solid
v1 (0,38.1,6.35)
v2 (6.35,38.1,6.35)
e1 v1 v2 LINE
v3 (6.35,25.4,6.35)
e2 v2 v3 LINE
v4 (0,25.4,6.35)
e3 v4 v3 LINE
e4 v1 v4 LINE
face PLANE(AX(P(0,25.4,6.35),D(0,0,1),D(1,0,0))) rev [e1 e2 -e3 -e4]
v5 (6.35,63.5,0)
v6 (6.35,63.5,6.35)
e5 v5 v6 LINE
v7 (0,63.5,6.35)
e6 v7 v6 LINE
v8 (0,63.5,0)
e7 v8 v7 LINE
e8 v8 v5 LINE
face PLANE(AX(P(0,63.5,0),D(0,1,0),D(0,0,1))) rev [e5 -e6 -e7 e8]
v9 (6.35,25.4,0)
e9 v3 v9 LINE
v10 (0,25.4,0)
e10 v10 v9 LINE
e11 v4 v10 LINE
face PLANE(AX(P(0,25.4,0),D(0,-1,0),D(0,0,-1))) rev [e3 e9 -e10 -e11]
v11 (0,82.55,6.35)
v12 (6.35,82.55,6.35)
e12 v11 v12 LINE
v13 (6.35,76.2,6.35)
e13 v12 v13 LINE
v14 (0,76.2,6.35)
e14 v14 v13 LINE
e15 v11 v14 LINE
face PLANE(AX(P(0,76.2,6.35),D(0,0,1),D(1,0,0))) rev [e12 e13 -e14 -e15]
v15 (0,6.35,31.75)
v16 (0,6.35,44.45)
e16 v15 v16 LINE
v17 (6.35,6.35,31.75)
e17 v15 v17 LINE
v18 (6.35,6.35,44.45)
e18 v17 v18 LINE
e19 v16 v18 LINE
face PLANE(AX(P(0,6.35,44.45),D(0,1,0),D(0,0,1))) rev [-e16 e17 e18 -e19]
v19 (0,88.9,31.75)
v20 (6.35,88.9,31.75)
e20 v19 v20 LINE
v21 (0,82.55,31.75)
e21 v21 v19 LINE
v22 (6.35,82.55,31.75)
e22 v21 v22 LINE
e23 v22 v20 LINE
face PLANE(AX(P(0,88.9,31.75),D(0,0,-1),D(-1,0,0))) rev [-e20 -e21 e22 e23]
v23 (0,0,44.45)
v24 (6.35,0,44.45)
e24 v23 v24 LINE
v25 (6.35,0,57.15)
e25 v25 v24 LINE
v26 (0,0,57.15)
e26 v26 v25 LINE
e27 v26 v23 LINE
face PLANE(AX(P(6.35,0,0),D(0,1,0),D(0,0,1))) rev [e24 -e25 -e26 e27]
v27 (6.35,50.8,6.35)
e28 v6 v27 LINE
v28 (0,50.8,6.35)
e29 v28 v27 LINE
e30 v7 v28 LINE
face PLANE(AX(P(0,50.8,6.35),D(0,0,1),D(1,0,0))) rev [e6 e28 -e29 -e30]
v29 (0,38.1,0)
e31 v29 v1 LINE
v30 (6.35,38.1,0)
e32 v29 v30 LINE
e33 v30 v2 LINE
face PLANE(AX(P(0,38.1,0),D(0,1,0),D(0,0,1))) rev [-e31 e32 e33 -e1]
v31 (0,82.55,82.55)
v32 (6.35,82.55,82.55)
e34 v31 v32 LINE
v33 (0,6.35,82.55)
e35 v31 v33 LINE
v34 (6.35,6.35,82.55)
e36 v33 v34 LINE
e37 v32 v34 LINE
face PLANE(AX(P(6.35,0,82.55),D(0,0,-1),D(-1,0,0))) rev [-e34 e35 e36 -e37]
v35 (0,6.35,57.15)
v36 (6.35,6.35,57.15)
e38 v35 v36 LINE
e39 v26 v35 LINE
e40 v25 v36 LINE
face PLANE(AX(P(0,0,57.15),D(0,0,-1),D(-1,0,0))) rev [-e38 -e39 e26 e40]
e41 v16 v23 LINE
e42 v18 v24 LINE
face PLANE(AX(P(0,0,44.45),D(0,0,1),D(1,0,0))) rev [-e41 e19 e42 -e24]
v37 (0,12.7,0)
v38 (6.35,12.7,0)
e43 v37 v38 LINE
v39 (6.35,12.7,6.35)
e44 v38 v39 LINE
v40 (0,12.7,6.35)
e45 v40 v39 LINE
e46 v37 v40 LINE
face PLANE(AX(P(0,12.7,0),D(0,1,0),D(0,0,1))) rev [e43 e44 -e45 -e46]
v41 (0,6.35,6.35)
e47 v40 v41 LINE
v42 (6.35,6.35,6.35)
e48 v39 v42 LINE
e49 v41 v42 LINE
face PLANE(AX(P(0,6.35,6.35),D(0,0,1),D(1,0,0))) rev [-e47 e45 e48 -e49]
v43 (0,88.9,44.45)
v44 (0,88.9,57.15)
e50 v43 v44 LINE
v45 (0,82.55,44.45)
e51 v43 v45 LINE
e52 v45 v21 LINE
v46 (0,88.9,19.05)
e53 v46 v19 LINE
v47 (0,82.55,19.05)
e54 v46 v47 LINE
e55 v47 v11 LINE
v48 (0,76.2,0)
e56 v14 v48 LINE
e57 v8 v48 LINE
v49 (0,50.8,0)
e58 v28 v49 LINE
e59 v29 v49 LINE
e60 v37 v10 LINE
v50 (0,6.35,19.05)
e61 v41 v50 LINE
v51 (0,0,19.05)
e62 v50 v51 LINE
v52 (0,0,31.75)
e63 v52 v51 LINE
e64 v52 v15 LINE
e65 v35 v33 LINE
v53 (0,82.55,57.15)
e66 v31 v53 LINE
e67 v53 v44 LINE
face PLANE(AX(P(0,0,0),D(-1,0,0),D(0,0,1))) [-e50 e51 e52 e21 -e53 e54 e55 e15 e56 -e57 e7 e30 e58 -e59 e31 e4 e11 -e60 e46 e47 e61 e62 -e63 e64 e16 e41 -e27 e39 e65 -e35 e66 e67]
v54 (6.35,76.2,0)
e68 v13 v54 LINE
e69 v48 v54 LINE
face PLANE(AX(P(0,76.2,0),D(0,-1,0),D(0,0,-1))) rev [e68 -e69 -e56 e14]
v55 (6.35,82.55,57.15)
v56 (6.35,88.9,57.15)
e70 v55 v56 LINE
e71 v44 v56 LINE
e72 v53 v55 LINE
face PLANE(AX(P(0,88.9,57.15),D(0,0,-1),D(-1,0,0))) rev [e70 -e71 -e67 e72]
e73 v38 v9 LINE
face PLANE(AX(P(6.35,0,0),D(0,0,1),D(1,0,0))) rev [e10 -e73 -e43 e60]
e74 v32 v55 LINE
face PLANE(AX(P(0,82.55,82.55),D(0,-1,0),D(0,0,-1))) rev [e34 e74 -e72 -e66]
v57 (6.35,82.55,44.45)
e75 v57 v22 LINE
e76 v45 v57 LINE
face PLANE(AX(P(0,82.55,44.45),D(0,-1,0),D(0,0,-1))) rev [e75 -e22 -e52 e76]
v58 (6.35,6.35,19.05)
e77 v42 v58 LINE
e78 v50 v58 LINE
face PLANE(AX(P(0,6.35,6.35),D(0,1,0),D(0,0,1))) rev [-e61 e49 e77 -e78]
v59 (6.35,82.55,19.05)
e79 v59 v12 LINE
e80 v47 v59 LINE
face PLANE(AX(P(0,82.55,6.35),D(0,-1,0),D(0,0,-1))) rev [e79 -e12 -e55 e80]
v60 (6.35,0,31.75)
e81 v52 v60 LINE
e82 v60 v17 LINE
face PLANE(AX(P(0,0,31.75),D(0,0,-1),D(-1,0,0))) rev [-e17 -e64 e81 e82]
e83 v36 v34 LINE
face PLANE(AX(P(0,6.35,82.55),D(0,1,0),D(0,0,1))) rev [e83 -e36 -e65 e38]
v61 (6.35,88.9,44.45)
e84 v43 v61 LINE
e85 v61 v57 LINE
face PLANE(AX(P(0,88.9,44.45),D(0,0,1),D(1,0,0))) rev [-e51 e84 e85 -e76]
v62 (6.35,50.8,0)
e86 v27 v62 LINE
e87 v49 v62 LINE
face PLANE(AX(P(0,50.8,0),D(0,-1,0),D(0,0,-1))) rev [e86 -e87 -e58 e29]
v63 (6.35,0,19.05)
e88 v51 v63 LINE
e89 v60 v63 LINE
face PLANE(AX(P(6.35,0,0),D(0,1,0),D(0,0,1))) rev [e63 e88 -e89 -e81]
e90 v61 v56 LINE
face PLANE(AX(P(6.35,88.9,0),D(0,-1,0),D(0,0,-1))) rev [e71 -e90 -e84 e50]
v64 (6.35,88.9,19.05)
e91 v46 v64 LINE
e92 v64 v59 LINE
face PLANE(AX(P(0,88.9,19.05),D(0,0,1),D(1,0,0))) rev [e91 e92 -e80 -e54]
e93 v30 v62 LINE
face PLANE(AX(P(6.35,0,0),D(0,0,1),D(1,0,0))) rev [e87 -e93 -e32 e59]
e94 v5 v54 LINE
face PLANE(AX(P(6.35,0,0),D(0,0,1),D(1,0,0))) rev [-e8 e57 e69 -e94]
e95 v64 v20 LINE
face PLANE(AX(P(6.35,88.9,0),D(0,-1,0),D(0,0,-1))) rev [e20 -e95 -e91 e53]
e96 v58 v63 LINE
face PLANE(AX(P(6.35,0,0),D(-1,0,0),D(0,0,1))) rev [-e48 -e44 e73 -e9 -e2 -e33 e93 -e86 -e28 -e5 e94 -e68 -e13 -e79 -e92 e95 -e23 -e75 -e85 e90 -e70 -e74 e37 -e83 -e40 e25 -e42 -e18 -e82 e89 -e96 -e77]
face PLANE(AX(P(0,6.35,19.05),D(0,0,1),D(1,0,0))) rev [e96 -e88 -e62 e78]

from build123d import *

# Parameters (mm, degrees)
SKETCH1_W           = 88.9
SKETCH1_H           = 82.55
BOSS_EXTRUDE1_DEPTH = 6.35
SKETCH2_W           = 12.7
SKETCH2_H           = 6.35
SKETCH2_W_2         = 6.35
SKETCH2_H_2         = 25.4
SKETCH2_H_3         = 12.7
CUT_EXTRUDE2_DEPTH  = 6.35


with BuildPart() as part:
    # Sketch1 → Boss-Extrude1 (new body)
    with BuildSketch(Plane.YZ):
        with Locations((44.45, 41.275)):
            Rectangle(SKETCH1_W, SKETCH1_H)
    extrude(amount=BOSS_EXTRUDE1_DEPTH)

    # Sketch2 → Cut-Extrude2 (cut)
    with BuildSketch(Plane.YZ.offset(6.35)):
        with Locations((57.15, 3.175)):
            Rectangle(SKETCH2_W, SKETCH2_H)
        with Locations((31.75, 3.175)):
            Rectangle(SKETCH2_W, SKETCH2_H)
        Polygon((0, 0), (12.7, 0), (12.7, 6.35), (6.35, 6.35), (6.35, 19.05), (0, 19.05), (0, 6.35), align=None)
        Polygon((76.2, 0), (88.9, 0), (88.9, 6.35), (88.9, 19.05), (82.55, 19.05), (82.55, 6.35), (76.2, 6.35), align=None)
        with Locations((3.175, 69.85)):
            Rectangle(SKETCH2_W_2, SKETCH2_H_2)
        with Locations((3.175, 38.1)):
            Rectangle(SKETCH2_W_2, SKETCH2_H_3)
        with Locations((85.725, 38.1)):
            Rectangle(SKETCH2_W_2, SKETCH2_H_3)
        with Locations((85.725, 69.85)):
            Rectangle(SKETCH2_W_2, SKETCH2_H_2)
    extrude(amount=-CUT_EXTRUDE2_DEPTH, mode=Mode.SUBTRACT)


solid = part.part
